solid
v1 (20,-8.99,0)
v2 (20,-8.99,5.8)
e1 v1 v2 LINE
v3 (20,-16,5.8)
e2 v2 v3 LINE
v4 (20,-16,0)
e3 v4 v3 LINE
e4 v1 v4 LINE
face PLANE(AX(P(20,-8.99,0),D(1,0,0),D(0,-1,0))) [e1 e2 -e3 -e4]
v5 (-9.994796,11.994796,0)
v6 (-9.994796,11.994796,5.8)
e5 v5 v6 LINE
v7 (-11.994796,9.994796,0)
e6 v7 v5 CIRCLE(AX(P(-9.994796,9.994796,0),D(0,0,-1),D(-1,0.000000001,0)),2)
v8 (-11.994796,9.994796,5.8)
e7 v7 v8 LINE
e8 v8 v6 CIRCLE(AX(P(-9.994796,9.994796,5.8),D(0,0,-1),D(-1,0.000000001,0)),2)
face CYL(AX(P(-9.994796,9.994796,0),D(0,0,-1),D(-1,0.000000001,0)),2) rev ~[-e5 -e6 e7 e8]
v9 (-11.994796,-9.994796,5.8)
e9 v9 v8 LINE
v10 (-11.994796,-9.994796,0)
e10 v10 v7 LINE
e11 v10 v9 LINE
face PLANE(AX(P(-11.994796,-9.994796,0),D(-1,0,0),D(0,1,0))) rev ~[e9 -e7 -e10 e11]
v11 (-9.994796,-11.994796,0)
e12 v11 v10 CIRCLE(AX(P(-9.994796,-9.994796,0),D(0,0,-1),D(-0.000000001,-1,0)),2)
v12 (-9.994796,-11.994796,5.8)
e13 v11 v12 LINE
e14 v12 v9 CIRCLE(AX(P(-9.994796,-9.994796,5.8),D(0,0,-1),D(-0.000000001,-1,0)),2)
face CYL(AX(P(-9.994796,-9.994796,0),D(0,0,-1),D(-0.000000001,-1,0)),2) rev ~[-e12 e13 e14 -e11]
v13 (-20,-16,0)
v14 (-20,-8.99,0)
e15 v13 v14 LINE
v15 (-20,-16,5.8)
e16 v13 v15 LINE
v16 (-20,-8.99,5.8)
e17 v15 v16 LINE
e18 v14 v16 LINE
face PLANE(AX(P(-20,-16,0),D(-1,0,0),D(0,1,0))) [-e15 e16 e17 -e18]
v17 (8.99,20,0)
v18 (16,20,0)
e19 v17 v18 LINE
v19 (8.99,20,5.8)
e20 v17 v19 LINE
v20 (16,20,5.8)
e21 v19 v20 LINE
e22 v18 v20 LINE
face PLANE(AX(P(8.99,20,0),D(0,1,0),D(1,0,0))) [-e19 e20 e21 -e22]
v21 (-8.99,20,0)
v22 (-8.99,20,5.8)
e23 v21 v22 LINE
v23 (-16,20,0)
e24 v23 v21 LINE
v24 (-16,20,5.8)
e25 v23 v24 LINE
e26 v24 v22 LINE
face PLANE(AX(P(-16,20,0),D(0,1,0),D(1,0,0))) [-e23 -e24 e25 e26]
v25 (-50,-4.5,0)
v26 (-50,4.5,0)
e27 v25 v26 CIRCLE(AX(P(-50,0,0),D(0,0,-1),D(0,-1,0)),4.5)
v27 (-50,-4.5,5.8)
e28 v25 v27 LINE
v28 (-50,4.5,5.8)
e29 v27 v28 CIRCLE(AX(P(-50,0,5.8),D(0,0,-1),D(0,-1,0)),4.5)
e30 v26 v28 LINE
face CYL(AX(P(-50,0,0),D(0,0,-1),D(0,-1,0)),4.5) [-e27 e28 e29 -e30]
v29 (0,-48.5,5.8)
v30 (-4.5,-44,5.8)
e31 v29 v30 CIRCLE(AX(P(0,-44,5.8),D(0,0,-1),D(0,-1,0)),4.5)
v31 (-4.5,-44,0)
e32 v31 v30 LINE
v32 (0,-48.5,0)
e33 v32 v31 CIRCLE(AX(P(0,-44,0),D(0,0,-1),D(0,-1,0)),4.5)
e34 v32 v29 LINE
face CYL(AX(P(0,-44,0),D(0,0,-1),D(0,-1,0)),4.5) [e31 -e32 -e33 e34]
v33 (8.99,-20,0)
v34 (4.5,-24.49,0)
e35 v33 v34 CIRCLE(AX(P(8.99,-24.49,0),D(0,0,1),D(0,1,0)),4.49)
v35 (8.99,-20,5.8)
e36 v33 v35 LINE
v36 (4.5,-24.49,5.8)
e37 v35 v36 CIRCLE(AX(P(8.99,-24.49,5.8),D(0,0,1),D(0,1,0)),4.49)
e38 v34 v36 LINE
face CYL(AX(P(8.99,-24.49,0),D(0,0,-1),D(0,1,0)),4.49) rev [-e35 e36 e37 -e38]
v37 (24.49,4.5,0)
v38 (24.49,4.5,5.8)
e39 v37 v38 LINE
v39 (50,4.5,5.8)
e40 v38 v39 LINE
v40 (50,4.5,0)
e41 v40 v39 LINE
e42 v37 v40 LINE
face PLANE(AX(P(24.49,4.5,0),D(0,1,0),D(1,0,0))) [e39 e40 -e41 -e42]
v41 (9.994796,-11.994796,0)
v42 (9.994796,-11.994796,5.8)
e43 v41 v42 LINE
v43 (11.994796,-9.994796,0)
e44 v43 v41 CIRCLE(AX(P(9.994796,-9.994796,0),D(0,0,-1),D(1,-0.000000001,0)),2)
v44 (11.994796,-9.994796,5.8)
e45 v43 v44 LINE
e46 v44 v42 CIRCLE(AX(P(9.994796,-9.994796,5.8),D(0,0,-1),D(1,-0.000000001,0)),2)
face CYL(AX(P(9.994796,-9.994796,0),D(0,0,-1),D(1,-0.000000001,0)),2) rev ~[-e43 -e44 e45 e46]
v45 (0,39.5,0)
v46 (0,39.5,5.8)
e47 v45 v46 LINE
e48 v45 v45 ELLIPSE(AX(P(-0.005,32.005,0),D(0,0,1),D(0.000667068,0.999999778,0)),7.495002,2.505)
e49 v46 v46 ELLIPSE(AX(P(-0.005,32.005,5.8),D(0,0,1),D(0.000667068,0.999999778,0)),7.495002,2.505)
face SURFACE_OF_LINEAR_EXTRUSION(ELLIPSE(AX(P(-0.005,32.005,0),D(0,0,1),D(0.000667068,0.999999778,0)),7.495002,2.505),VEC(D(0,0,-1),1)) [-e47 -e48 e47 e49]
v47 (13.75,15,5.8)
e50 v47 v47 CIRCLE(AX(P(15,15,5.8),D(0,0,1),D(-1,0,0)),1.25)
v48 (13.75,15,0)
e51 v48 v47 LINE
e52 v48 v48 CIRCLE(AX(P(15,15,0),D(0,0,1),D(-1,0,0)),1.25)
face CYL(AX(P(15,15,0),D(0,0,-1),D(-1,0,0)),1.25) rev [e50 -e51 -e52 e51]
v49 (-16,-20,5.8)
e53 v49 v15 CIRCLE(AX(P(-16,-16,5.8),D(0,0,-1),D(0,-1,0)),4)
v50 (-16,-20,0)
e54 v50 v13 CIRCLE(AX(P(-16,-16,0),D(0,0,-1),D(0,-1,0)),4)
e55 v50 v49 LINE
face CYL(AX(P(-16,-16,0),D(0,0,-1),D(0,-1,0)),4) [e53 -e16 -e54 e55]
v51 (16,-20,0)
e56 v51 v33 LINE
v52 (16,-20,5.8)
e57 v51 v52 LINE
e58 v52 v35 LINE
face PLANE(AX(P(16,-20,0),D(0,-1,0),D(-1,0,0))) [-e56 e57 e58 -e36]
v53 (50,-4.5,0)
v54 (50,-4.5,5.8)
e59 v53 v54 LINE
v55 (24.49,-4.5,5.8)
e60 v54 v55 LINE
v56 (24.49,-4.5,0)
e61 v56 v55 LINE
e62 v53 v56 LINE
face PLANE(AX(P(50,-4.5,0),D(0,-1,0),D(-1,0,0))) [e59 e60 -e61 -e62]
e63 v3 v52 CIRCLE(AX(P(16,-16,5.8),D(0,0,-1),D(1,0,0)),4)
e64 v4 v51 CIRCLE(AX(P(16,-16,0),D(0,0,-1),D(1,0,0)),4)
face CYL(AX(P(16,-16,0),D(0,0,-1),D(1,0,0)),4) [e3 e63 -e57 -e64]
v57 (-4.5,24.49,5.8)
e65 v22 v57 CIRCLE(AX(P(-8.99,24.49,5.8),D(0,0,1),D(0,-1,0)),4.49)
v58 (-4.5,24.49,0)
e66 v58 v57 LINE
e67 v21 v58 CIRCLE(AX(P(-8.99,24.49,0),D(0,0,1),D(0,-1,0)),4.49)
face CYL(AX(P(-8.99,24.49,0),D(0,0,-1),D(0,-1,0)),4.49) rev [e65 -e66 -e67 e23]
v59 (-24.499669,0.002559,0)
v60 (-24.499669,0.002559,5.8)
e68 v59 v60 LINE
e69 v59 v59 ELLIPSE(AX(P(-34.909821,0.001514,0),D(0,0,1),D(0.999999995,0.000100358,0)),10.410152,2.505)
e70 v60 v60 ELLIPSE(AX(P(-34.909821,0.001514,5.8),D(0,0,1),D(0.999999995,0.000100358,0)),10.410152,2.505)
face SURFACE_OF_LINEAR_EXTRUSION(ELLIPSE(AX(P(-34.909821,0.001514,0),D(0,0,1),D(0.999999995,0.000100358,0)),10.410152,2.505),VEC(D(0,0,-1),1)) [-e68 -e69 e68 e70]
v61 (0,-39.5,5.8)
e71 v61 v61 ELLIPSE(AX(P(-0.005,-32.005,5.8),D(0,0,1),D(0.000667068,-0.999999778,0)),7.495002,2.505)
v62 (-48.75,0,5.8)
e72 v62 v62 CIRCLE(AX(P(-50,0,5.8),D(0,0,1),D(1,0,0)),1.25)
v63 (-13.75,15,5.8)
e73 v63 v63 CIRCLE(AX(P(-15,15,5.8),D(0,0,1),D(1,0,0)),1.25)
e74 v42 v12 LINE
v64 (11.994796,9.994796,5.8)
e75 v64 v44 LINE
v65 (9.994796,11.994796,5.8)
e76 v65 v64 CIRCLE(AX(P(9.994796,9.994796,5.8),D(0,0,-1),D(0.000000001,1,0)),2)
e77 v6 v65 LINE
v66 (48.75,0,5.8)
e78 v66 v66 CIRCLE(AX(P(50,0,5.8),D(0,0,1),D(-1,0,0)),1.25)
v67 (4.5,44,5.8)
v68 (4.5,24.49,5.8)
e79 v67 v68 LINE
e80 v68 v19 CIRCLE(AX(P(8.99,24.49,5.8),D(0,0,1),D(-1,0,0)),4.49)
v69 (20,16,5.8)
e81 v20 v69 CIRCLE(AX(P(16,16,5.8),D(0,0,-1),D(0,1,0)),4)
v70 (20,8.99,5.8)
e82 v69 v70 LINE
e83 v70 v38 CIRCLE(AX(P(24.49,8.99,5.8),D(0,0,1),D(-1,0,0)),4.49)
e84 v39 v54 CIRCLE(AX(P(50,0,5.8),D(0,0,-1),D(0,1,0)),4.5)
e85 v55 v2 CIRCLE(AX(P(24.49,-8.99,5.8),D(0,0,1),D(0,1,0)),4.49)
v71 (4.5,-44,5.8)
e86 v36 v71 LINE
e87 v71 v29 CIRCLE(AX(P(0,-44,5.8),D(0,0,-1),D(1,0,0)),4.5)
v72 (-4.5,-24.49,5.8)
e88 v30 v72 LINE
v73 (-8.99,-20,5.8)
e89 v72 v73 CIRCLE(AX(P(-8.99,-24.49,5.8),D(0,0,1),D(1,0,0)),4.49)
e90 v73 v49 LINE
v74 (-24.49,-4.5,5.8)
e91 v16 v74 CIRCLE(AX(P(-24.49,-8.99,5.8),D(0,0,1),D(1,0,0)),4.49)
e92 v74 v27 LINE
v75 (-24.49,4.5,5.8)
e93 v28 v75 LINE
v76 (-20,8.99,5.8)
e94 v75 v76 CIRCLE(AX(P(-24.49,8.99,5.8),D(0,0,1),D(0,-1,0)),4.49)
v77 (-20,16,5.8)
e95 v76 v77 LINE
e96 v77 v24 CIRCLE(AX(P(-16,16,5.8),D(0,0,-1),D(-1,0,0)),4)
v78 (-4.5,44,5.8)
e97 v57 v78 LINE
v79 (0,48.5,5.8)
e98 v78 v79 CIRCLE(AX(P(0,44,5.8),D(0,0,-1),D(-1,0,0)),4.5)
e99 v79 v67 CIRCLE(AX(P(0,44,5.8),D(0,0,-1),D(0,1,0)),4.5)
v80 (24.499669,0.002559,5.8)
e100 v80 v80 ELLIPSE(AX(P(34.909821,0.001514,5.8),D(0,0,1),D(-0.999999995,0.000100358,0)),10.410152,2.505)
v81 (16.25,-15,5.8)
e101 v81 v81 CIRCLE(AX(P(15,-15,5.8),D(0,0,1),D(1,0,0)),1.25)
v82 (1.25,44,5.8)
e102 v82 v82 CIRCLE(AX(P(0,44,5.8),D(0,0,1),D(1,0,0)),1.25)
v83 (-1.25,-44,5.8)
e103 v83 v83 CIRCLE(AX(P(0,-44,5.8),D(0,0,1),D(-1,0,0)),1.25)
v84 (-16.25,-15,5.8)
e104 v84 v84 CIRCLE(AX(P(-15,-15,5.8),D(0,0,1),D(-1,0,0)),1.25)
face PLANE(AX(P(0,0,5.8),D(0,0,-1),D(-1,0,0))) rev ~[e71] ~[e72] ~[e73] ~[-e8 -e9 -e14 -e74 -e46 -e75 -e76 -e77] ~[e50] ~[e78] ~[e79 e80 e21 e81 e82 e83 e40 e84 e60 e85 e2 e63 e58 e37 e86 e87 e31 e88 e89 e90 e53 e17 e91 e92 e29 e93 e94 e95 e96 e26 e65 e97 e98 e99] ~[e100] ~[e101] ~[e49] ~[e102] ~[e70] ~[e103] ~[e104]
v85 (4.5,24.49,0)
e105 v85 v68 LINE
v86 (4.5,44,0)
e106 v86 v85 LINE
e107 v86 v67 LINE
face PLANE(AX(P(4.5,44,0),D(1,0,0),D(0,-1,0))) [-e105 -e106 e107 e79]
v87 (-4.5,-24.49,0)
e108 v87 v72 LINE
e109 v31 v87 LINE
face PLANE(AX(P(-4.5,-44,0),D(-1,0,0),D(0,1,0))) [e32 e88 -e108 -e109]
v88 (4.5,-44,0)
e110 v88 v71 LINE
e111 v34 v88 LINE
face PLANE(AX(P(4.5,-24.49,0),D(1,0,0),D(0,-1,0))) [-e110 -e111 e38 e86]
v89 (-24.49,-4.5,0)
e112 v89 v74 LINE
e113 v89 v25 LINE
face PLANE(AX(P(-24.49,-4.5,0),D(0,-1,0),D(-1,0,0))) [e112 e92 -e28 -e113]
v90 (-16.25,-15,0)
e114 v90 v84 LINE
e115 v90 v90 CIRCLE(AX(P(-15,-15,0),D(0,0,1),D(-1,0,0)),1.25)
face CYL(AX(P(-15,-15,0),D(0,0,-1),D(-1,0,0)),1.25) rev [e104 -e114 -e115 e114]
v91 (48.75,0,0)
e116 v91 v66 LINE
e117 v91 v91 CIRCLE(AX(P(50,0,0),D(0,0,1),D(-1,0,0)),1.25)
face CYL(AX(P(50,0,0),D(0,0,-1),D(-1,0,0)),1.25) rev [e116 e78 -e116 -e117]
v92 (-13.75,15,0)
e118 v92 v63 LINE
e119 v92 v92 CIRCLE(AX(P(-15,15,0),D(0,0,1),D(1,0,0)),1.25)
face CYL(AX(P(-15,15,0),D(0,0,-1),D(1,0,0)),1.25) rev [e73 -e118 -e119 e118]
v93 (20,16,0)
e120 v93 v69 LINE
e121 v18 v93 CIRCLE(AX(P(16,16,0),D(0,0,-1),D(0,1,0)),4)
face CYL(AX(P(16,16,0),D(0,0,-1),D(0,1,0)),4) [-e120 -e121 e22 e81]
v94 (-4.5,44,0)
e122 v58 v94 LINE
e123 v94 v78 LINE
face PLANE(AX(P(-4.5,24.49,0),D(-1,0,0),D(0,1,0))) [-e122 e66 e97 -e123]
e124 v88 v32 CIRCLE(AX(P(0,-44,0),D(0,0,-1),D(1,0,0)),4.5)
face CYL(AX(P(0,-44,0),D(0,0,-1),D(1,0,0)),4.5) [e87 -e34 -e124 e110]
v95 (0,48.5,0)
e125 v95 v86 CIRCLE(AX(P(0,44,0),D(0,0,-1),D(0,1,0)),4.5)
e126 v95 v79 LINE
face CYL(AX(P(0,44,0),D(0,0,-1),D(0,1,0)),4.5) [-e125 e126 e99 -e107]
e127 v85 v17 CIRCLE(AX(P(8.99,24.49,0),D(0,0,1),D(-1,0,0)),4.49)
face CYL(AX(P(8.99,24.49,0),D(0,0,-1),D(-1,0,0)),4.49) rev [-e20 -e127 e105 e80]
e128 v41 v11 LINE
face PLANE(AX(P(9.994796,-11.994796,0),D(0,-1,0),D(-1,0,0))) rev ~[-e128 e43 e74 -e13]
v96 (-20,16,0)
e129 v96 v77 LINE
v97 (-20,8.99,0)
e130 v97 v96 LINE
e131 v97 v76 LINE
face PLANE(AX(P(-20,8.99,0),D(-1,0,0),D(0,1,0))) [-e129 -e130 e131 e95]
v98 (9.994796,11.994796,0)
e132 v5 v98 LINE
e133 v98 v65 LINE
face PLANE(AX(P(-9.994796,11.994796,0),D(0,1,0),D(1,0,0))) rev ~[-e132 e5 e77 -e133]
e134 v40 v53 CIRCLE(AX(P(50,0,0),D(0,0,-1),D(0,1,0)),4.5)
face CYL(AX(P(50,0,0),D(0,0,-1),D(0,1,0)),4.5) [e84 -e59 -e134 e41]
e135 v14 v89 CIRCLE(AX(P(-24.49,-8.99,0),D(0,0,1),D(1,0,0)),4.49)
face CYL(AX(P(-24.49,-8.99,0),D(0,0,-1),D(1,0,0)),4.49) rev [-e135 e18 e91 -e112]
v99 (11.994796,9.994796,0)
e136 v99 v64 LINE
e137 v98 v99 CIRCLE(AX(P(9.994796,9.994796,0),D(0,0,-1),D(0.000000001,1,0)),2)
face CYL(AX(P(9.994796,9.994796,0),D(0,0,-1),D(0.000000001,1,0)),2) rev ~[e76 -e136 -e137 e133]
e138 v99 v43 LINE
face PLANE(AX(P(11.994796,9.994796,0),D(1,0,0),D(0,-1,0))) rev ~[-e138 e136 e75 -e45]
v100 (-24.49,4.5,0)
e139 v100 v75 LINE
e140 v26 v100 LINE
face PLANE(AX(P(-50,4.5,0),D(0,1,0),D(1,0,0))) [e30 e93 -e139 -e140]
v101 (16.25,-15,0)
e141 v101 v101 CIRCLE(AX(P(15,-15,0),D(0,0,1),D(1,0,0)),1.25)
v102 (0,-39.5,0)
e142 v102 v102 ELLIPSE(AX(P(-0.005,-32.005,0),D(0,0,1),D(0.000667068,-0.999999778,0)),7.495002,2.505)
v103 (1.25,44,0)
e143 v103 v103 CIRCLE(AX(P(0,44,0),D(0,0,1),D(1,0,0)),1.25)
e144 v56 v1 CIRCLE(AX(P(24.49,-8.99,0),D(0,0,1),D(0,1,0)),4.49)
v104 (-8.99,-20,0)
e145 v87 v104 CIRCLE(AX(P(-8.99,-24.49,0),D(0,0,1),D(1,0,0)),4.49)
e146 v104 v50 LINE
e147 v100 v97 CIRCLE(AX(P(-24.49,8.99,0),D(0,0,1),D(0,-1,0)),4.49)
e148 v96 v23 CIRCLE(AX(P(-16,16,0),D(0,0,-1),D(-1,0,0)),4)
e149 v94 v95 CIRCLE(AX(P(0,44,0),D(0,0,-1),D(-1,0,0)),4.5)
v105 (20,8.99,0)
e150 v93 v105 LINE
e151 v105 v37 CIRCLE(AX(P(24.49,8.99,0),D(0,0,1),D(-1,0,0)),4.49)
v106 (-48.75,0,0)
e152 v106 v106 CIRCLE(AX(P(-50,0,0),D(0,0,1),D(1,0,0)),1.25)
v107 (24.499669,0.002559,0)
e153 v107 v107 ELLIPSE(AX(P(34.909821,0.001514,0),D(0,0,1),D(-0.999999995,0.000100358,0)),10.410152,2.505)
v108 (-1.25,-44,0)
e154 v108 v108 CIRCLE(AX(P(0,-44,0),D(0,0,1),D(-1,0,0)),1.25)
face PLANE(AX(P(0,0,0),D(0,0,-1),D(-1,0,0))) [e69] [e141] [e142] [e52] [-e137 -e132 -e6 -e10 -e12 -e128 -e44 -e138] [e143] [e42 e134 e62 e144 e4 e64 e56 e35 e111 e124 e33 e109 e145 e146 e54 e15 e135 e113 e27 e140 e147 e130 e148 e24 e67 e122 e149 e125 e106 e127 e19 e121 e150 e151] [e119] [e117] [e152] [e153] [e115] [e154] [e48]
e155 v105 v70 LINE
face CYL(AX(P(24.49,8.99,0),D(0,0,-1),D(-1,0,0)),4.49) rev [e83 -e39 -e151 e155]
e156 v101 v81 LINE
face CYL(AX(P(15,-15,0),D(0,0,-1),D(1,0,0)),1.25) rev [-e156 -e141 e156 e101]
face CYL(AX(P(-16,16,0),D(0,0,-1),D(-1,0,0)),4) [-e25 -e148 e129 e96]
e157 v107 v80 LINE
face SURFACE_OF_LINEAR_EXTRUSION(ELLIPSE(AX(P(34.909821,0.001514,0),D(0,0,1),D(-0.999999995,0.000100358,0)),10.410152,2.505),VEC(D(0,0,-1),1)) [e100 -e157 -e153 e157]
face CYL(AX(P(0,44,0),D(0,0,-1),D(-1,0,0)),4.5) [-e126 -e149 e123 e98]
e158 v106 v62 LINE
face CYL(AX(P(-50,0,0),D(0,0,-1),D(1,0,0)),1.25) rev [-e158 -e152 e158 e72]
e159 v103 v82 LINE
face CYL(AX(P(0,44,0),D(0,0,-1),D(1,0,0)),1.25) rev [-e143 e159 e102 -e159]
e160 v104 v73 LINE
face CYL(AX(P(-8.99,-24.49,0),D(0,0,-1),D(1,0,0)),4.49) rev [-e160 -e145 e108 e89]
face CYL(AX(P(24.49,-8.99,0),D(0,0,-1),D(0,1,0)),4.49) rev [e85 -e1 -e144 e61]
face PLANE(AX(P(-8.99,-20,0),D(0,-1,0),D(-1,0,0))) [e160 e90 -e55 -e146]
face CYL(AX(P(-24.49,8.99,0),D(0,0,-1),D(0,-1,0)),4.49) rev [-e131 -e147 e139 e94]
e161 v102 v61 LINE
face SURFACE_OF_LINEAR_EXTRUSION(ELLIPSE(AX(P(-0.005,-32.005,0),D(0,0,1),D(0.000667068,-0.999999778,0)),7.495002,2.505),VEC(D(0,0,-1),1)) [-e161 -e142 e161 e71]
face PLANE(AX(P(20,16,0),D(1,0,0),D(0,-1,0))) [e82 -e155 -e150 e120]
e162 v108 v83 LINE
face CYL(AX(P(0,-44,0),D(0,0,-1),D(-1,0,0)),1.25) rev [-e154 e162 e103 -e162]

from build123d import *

# Parameters (mm, degrees)
SKETCH1_R           = 1.25
SKETCH1_RX          = 7.495001668
SKETCH1_RY          = 2.505000234
SKETCH1_RX_2        = 10.410152117
SKETCH1_RY_2        = 2.505
BOSS_EXTRUDE1_DEPTH = 5.8


with BuildPart() as part:
    # Sketch1 → Boss-Extrude1 (new body)
    with BuildSketch(Plane.XY):
        with BuildLine():
            Line((-16, 20), (-8.99, 20))
            ThreePointArc((-8.99, 20), (-5.815090552, 21.315090552), (-4.5, 24.49))
            Line((-4.5, 24.49), (-4.5, 44))
            ThreePointArc((-4.5, 44), (-3.181980515, 47.181980515), (0, 48.5))
            ThreePointArc((0, 48.5), (3.181980515, 47.181980515), (4.5, 44))
            Line((4.5, 44), (4.5, 24.49))
            ThreePointArc((4.5, 24.49), (5.815090552, 21.315090552), (8.99, 20))
            Line((8.99, 20), (16, 20))
            ThreePointArc((16, 20), (18.828427125, 18.828427125), (20, 16))
            Line((20, 16), (20, 8.99))
            ThreePointArc((20, 8.99), (21.315090552, 5.815090552), (24.49, 4.5))
            Line((24.49, 4.5), (50, 4.5))
            ThreePointArc((50, 4.5), (54.5, 0), (50, -4.5))
            Line((50, -4.5), (24.49, -4.5))
            ThreePointArc((24.49, -4.5), (21.315090552, -5.815090552), (20, -8.99))
            Line((20, -8.99), (20, -16))
            ThreePointArc((20, -16), (18.828427125, -18.828427125), (16, -20))
            Line((16, -20), (8.99, -20))
            ThreePointArc((8.99, -20), (5.815090552, -21.315090552), (4.5, -24.49))
            Line((4.5, -24.49), (4.5, -44))
            ThreePointArc((4.5, -44), (3.181980515, -47.181980515), (0, -48.5))
            ThreePointArc((0, -48.5), (-3.181980515, -47.181980515), (-4.5, -44))
            Line((-4.5, -44), (-4.5, -24.49))
            ThreePointArc((-4.5, -24.49), (-5.815090552, -21.315090552), (-8.99, -20))
            Line((-8.99, -20), (-16, -20))
            ThreePointArc((-16, -20), (-18.828427125, -18.828427125), (-20, -16))
            Line((-20, -16), (-20, -8.99))
            ThreePointArc((-20, -8.99), (-21.315090552, -5.815090552), (-24.49, -4.5))
            Line((-24.49, -4.5), (-50, -4.5))
            ThreePointArc((-50, -4.5), (-54.5, 0), (-50, 4.5))
            Line((-50, 4.5), (-24.49, 4.5))
            ThreePointArc((-24.49, 4.5), (-21.315090552, 5.815090552), (-20, 8.99))
            Line((-20, 8.99), (-20, 16))
            ThreePointArc((-20, 16), (-18.828427125, 18.828427125), (-16, 20))
        make_face()
        with Locations((0, 44)):
            Circle(SKETCH1_R, mode=Mode.SUBTRACT)
        with Locations((-15, 15)):
            Circle(SKETCH1_R, mode=Mode.SUBTRACT)
        with Locations(Location((15, 15, 0), (0, 0, 180))):
            Circle(SKETCH1_R, mode=Mode.SUBTRACT)
        with Locations((15, -15)):
            Circle(SKETCH1_R, mode=Mode.SUBTRACT)
        with Locations(Location((-15, -15, 0), (0, 0, 180))):
            Circle(SKETCH1_R, mode=Mode.SUBTRACT)
        with Locations((-50, 0)):
            Circle(SKETCH1_R, mode=Mode.SUBTRACT)
        with Locations(Location((50, 0, 0), (0, 0, 180))):
            Circle(SKETCH1_R, mode=Mode.SUBTRACT)
        with Locations(Location((0, -44, 0), (0, 0, 180))):
            Circle(SKETCH1_R, mode=Mode.SUBTRACT)
        with Locations(Location((-0.004999676, 32.005), (0, 0, 89.961779812))):
            Ellipse(SKETCH1_RX, SKETCH1_RY, mode=Mode.SUBTRACT)
        with Locations(Location((-0.004999676, -32.005), (0, 0, -89.961779812))):
            Ellipse(SKETCH1_RX, SKETCH1_RY, mode=Mode.SUBTRACT)
        with Locations(Location((-34.90982111, 0.001514413), (0, 0, 0.005750064))):
            Ellipse(SKETCH1_RX_2, SKETCH1_RY_2, mode=Mode.SUBTRACT)
        with Locations(Location((34.90982111, 0.001514413), (0, 0, 179.994249936))):
            Ellipse(SKETCH1_RX_2, SKETCH1_RY_2, mode=Mode.SUBTRACT)
        with BuildLine():
            Line((9.99479618, -11.99479618), (-9.99479618, -11.99479618))
            ThreePointArc((-9.99479618, -11.99479618), (-11.409009742, -11.409009742), (-11.99479618, -9.99479618))
            Line((-11.99479618, -9.99479618), (-11.99479618, 9.99479618))
            ThreePointArc((-11.99479618, 9.99479618), (-11.409009742, 11.409009742), (-9.99479618, 11.99479618))
            Line((-9.99479618, 11.99479618), (9.99479618, 11.99479618))
            ThreePointArc((9.99479618, 11.99479618), (11.409009742, 11.409009742), (11.99479618, 9.99479618))
            Line((11.99479618, 9.99479618), (11.99479618, -9.99479618))
            ThreePointArc((11.99479618, -9.99479618), (11.409009742, -11.409009742), (9.99479618, -11.99479618))
        make_face(mode=Mode.SUBTRACT)
    extrude(amount=BOSS_EXTRUDE1_DEPTH)


solid = part.part
